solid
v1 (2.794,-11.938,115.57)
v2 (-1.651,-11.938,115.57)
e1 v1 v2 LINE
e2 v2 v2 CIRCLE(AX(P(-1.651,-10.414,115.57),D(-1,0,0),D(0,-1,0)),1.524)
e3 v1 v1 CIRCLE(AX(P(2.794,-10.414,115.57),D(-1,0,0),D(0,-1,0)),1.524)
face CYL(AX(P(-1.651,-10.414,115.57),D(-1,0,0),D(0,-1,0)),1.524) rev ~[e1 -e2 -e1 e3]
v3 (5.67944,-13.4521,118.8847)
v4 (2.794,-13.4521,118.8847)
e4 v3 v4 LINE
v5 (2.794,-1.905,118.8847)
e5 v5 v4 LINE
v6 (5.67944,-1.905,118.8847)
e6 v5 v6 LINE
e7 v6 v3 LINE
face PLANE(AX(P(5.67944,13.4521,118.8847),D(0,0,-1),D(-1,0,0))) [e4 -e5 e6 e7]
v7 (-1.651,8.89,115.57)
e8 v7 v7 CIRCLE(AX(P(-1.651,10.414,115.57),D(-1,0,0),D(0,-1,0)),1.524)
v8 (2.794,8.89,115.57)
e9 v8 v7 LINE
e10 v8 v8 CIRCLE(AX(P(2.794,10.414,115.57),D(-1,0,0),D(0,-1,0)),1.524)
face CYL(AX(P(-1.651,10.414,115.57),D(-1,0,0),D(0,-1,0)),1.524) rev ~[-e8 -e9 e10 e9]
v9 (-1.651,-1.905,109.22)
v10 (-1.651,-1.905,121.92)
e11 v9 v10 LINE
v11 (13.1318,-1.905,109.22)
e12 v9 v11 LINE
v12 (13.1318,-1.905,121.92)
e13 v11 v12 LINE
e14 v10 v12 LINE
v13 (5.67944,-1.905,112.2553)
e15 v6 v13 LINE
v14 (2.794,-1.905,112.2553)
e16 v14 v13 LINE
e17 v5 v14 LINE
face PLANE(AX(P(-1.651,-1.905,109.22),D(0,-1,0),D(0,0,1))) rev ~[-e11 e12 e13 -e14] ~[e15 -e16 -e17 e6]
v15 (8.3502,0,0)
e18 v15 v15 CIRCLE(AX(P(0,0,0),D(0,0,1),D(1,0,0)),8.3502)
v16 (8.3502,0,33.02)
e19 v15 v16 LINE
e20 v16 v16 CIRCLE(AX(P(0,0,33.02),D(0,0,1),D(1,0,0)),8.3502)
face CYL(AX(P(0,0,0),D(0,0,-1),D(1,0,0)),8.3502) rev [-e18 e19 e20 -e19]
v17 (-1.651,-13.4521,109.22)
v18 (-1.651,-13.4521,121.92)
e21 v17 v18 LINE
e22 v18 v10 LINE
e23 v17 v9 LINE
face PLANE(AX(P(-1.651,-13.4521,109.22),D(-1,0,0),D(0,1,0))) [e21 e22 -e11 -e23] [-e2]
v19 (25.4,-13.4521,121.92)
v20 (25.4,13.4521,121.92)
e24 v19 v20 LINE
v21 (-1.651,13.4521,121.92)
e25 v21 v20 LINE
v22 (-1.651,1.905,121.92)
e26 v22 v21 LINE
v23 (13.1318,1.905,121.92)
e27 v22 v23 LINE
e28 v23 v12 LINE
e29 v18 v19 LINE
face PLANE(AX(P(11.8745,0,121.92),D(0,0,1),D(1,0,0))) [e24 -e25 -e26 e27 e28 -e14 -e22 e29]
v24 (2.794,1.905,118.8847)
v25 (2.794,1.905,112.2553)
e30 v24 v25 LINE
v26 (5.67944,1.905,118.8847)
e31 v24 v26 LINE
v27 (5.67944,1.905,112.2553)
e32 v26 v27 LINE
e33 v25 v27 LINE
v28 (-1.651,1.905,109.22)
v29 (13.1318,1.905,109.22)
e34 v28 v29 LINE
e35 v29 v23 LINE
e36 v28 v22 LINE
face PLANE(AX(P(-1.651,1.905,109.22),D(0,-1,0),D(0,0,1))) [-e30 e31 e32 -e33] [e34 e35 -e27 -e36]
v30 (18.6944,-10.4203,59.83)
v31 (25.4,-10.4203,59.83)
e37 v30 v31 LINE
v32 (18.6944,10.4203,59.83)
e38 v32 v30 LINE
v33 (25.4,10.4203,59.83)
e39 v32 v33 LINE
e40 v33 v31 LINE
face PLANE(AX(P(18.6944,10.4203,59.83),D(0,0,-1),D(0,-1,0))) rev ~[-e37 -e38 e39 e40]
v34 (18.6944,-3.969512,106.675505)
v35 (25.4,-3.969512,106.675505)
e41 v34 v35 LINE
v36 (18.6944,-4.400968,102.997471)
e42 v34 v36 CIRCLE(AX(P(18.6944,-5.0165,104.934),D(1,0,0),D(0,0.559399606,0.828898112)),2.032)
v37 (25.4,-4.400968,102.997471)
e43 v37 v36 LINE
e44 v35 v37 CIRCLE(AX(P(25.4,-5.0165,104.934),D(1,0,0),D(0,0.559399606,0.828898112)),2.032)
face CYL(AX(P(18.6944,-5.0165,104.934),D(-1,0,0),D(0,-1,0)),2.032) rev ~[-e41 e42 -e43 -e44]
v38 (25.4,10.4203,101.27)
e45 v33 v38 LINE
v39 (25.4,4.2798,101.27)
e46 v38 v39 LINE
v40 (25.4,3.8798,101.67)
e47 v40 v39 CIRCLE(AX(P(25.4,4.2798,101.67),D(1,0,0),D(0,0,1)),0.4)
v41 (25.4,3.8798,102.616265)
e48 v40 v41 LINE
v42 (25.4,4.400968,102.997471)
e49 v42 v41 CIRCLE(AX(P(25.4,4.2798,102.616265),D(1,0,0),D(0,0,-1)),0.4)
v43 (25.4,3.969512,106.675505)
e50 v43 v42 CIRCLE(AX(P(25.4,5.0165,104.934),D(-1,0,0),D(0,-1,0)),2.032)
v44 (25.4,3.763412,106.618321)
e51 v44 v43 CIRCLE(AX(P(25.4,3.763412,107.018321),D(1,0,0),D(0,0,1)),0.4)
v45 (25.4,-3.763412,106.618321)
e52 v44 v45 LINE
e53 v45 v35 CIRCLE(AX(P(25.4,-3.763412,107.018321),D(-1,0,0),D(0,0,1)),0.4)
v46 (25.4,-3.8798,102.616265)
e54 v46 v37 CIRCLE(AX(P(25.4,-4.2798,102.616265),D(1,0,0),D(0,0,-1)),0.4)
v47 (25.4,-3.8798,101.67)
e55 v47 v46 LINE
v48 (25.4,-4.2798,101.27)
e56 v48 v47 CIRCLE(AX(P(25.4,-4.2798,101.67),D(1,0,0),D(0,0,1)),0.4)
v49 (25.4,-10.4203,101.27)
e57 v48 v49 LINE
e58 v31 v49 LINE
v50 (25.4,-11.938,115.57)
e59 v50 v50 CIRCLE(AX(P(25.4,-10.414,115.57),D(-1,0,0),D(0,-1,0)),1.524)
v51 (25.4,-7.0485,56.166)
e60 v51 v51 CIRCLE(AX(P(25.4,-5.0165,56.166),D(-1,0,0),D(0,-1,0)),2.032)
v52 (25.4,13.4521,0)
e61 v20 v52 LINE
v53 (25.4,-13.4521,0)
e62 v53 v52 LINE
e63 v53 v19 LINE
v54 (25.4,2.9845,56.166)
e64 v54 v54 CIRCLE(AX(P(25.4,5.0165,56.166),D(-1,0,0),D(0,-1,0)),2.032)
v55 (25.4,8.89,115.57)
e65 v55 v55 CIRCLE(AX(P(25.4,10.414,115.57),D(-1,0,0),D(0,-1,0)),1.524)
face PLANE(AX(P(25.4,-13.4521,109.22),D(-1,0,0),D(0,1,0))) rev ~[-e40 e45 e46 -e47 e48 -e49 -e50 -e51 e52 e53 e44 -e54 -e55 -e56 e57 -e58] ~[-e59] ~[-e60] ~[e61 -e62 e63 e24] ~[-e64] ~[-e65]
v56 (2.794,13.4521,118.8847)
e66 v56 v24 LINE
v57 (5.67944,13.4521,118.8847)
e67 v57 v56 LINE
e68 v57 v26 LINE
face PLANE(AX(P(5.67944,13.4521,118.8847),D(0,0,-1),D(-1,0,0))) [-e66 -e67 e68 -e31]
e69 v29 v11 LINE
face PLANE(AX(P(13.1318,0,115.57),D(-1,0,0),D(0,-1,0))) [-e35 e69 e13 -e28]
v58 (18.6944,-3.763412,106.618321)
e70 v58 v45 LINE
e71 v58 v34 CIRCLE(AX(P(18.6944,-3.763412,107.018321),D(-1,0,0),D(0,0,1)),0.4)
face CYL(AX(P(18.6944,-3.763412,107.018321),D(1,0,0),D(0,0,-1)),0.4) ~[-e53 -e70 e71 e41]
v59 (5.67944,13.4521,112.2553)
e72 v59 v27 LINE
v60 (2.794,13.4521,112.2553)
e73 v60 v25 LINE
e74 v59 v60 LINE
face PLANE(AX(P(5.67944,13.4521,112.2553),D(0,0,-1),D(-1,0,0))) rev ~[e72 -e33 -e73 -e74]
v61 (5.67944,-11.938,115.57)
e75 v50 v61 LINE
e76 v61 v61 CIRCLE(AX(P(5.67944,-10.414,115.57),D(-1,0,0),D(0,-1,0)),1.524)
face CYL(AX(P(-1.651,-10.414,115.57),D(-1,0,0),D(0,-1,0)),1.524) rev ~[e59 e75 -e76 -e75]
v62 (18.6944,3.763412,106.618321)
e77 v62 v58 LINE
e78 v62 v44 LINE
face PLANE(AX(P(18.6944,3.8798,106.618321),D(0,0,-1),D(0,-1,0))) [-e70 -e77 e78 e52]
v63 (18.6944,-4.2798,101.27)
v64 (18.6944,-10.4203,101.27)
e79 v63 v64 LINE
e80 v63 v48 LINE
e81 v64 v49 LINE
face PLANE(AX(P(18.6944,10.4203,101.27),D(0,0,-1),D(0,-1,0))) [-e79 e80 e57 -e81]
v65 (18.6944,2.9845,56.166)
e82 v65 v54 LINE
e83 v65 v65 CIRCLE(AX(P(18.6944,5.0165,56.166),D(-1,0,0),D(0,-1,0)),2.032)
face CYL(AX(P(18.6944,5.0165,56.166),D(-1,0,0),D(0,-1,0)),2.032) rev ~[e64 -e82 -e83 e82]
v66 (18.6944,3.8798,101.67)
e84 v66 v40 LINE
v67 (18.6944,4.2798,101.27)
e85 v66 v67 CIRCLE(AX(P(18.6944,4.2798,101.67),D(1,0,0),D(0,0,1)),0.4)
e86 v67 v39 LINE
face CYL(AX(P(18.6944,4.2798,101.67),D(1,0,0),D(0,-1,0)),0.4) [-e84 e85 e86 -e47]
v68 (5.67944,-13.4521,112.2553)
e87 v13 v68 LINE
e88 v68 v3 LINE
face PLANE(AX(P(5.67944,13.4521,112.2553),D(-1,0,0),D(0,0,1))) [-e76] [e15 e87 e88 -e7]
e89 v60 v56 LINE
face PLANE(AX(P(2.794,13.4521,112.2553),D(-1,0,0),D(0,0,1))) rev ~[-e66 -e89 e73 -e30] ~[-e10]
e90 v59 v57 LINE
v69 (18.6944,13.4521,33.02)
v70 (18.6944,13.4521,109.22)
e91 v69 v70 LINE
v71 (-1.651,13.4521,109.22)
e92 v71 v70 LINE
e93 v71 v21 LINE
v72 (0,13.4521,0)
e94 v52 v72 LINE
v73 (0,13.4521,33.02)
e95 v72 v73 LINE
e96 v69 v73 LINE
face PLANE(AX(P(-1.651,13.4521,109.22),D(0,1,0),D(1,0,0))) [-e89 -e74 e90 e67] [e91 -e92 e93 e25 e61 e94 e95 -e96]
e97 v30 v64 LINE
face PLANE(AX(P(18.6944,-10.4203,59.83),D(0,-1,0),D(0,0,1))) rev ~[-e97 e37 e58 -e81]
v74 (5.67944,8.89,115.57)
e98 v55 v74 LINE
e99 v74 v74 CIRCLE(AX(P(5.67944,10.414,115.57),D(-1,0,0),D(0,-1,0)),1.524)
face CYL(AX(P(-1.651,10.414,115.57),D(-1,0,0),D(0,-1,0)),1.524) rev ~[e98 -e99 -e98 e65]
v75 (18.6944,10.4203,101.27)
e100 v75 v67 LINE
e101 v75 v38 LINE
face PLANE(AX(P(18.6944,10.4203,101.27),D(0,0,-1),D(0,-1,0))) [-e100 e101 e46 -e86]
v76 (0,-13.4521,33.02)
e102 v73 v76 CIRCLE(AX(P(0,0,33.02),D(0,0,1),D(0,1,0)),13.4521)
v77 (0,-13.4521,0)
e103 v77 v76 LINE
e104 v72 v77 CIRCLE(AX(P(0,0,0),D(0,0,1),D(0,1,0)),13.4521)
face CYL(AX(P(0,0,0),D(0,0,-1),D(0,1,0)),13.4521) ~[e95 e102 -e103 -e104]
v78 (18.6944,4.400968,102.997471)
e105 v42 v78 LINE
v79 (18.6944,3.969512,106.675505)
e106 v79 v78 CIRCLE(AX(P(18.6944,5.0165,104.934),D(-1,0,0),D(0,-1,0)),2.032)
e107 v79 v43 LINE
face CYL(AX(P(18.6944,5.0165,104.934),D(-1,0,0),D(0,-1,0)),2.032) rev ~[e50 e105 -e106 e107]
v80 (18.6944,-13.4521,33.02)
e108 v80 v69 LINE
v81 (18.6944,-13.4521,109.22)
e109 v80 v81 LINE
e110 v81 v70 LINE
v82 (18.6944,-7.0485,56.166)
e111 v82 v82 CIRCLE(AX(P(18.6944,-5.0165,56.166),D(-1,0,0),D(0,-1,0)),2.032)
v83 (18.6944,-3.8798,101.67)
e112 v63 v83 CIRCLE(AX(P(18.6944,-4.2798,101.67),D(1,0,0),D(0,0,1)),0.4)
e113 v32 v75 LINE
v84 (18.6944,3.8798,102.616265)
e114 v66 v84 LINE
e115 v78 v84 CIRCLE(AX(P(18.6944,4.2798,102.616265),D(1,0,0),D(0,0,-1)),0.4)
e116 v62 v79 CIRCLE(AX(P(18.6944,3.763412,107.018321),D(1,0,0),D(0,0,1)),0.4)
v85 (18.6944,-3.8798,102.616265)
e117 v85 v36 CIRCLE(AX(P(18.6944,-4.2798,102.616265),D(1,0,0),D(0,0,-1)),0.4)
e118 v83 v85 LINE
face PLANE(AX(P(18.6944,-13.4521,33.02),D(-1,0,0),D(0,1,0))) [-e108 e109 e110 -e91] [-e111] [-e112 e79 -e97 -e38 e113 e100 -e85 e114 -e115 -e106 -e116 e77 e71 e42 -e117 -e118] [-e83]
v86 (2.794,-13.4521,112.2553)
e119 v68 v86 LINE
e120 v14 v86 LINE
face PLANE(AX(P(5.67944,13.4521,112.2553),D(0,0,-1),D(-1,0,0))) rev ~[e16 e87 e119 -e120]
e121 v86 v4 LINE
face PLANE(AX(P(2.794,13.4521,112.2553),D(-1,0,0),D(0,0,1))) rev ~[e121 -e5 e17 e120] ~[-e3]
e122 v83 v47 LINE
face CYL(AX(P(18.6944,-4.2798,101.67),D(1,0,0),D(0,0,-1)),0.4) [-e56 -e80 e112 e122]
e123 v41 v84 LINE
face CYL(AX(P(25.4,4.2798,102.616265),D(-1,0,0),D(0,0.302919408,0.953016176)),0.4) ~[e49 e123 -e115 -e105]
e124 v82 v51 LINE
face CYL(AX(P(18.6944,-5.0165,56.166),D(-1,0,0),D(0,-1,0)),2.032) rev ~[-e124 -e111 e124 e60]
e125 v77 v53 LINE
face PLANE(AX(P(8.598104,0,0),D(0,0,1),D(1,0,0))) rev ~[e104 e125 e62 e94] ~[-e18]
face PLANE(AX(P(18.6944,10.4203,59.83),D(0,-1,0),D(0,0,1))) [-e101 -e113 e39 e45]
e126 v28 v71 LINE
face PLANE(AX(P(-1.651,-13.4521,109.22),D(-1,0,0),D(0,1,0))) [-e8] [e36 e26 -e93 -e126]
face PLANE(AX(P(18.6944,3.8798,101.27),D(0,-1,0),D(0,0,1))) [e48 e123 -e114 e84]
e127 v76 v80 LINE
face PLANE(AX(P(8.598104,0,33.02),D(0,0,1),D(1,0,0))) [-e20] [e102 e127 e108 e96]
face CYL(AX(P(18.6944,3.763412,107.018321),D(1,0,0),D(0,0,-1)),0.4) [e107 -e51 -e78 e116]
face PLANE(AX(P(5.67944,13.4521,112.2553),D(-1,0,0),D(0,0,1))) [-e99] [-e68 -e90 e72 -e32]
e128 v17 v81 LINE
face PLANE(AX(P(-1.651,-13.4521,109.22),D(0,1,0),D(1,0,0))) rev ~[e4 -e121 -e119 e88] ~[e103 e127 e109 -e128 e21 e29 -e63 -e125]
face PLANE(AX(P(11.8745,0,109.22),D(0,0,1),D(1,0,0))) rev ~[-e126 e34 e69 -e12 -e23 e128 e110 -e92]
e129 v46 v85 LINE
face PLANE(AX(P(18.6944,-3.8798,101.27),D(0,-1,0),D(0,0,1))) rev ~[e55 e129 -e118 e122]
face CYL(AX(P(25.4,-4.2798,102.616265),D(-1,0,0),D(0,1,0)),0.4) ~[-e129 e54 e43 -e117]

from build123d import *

# Parameters (mm, degrees)
F0_R      = 8.3502
F1_DEPTH  = 33.02
F2_W      = 6.7056
F2_H      = 26.9042
F3_DEPTH  = 76.2
F4_W      = 20.8406
F4_H      = 41.44
F4_R      = 2.032
F5_DEPTH  = 25.4
F6_W      = 7.7596
F6_H      = 5.3483209641
F7_DEPTH  = 25.4
F8_R      = 0.4
F9_W      = 27.051
F9_H      = 26.9042
F10_DEPTH = 12.7
F11_W     = 3.81
F11_H     = 12.7
F11_R     = 1.524
F12_DEPTH = 14.7828
F13_DEPTH = 12.7
F14_W     = 2.88544
F14_H     = 6.6294
F15_DEPTH = 26.9052


with BuildPart() as f1:
    # F0 (on Top) → F1 (new body)
    with BuildSketch(Plane.XY):
        with BuildLine():
            Line((25.4, 13.4521), (0, 13.4521))
            ThreePointArc((0, 13.4521), (-13.4521, 0), (0, -13.4521))
            Line((0, -13.4521), (25.4, -13.4521))
            Line((25.4, -13.4521), (25.4, 13.4521))
        make_face()
        Circle(F0_R, mode=Mode.SUBTRACT)
    extrude(amount=F1_DEPTH)

    # F2 (on face) → F3 (join)
    with BuildSketch(Plane.XY.offset(33.02)):
        with Locations((22.0472, 0)):
            Rectangle(F2_W, F2_H)
    extrude(amount=F3_DEPTH)

    # F4 (on face) → F5 (cut)
    with BuildSketch(Plane(origin=(18.6944, 0, 0), x_dir=(0, -1, 0), z_dir=(-1, 0, 0))):
        with Locations((0, 80.55)):
            Rectangle(F4_W, F4_H)
        with Locations((-5.0165, 104.934)):
            Circle(F4_R)
        with Locations((-5.0165, 56.166)):
            Circle(F4_R)
        with Locations((5.0165, 56.166)):
            Circle(F4_R)
        with Locations((5.0165, 104.934)):
            Circle(F4_R)
    extrude(amount=-F5_DEPTH, mode=Mode.SUBTRACT)

    # F6 (on face) → F7 (cut)
    with BuildSketch(Plane(origin=(18.6944, 0, 0), x_dir=(0, -1, 0), z_dir=(-1, 0, 0))):
        with Locations((0, 103.944160482)):
            Rectangle(F6_W, F6_H)
    extrude(amount=-F7_DEPTH, mode=Mode.SUBTRACT)

    # F8
    f8_edges = [f1.edges().sort_by_distance(p)[0] for p in [
        (22.0472, 3.8798, 103.249679),
        (22.0472, -3.8798, 103.249679),
        (22.0472, 3.8798, 101.27),
        (22.0472, -3.8798, 101.27),
        (22.0472, 3.8798, 106.618321),
        (22.0472, -3.8798, 106.618321),
    ]]
    fillet(f8_edges, radius=F8_R)

    # F9 (on face) → F10 (join)
    with BuildSketch(Plane.XY.offset(109.22)):
        with Locations((11.8745, 0)):
            Rectangle(F9_W, F9_H)
    extrude(amount=F10_DEPTH)

    # F11 (on face) → F12 (cut)
    with BuildSketch(Plane(origin=(-1.651, 0, 0), x_dir=(0, -1, 0), z_dir=(-1, 0, 0))):
        with Locations((0, 115.57)):
            Rectangle(F11_W, F11_H)
        with Locations((-10.414, 115.57)):
            Circle(F11_R)
        with Locations((10.414, 115.57)):
            Circle(F11_R)
    extrude(amount=-F12_DEPTH, mode=Mode.SUBTRACT)

    # F13 (cut): faces of the model
    f13_faces = [f1.faces().sort_by_distance(p)[0] for p in [
        (13.1318, 10.414, 115.57),
        (13.1318, -10.414, 115.57),
    ]]
    extrude(f13_faces, amount=-F13_DEPTH, mode=Mode.SUBTRACT)

    # F14 (on face) → F15 (cut, through all)
    with BuildSketch(Plane(origin=(0, 13.4521, 0), x_dir=(-1, 0, 0), z_dir=(0, 1, 0))):
        with Locations((-4.23672, 115.57)):
            Rectangle(F14_W, F14_H)
    extrude(amount=-F15_DEPTH, mode=Mode.SUBTRACT)


solid = f1.part
